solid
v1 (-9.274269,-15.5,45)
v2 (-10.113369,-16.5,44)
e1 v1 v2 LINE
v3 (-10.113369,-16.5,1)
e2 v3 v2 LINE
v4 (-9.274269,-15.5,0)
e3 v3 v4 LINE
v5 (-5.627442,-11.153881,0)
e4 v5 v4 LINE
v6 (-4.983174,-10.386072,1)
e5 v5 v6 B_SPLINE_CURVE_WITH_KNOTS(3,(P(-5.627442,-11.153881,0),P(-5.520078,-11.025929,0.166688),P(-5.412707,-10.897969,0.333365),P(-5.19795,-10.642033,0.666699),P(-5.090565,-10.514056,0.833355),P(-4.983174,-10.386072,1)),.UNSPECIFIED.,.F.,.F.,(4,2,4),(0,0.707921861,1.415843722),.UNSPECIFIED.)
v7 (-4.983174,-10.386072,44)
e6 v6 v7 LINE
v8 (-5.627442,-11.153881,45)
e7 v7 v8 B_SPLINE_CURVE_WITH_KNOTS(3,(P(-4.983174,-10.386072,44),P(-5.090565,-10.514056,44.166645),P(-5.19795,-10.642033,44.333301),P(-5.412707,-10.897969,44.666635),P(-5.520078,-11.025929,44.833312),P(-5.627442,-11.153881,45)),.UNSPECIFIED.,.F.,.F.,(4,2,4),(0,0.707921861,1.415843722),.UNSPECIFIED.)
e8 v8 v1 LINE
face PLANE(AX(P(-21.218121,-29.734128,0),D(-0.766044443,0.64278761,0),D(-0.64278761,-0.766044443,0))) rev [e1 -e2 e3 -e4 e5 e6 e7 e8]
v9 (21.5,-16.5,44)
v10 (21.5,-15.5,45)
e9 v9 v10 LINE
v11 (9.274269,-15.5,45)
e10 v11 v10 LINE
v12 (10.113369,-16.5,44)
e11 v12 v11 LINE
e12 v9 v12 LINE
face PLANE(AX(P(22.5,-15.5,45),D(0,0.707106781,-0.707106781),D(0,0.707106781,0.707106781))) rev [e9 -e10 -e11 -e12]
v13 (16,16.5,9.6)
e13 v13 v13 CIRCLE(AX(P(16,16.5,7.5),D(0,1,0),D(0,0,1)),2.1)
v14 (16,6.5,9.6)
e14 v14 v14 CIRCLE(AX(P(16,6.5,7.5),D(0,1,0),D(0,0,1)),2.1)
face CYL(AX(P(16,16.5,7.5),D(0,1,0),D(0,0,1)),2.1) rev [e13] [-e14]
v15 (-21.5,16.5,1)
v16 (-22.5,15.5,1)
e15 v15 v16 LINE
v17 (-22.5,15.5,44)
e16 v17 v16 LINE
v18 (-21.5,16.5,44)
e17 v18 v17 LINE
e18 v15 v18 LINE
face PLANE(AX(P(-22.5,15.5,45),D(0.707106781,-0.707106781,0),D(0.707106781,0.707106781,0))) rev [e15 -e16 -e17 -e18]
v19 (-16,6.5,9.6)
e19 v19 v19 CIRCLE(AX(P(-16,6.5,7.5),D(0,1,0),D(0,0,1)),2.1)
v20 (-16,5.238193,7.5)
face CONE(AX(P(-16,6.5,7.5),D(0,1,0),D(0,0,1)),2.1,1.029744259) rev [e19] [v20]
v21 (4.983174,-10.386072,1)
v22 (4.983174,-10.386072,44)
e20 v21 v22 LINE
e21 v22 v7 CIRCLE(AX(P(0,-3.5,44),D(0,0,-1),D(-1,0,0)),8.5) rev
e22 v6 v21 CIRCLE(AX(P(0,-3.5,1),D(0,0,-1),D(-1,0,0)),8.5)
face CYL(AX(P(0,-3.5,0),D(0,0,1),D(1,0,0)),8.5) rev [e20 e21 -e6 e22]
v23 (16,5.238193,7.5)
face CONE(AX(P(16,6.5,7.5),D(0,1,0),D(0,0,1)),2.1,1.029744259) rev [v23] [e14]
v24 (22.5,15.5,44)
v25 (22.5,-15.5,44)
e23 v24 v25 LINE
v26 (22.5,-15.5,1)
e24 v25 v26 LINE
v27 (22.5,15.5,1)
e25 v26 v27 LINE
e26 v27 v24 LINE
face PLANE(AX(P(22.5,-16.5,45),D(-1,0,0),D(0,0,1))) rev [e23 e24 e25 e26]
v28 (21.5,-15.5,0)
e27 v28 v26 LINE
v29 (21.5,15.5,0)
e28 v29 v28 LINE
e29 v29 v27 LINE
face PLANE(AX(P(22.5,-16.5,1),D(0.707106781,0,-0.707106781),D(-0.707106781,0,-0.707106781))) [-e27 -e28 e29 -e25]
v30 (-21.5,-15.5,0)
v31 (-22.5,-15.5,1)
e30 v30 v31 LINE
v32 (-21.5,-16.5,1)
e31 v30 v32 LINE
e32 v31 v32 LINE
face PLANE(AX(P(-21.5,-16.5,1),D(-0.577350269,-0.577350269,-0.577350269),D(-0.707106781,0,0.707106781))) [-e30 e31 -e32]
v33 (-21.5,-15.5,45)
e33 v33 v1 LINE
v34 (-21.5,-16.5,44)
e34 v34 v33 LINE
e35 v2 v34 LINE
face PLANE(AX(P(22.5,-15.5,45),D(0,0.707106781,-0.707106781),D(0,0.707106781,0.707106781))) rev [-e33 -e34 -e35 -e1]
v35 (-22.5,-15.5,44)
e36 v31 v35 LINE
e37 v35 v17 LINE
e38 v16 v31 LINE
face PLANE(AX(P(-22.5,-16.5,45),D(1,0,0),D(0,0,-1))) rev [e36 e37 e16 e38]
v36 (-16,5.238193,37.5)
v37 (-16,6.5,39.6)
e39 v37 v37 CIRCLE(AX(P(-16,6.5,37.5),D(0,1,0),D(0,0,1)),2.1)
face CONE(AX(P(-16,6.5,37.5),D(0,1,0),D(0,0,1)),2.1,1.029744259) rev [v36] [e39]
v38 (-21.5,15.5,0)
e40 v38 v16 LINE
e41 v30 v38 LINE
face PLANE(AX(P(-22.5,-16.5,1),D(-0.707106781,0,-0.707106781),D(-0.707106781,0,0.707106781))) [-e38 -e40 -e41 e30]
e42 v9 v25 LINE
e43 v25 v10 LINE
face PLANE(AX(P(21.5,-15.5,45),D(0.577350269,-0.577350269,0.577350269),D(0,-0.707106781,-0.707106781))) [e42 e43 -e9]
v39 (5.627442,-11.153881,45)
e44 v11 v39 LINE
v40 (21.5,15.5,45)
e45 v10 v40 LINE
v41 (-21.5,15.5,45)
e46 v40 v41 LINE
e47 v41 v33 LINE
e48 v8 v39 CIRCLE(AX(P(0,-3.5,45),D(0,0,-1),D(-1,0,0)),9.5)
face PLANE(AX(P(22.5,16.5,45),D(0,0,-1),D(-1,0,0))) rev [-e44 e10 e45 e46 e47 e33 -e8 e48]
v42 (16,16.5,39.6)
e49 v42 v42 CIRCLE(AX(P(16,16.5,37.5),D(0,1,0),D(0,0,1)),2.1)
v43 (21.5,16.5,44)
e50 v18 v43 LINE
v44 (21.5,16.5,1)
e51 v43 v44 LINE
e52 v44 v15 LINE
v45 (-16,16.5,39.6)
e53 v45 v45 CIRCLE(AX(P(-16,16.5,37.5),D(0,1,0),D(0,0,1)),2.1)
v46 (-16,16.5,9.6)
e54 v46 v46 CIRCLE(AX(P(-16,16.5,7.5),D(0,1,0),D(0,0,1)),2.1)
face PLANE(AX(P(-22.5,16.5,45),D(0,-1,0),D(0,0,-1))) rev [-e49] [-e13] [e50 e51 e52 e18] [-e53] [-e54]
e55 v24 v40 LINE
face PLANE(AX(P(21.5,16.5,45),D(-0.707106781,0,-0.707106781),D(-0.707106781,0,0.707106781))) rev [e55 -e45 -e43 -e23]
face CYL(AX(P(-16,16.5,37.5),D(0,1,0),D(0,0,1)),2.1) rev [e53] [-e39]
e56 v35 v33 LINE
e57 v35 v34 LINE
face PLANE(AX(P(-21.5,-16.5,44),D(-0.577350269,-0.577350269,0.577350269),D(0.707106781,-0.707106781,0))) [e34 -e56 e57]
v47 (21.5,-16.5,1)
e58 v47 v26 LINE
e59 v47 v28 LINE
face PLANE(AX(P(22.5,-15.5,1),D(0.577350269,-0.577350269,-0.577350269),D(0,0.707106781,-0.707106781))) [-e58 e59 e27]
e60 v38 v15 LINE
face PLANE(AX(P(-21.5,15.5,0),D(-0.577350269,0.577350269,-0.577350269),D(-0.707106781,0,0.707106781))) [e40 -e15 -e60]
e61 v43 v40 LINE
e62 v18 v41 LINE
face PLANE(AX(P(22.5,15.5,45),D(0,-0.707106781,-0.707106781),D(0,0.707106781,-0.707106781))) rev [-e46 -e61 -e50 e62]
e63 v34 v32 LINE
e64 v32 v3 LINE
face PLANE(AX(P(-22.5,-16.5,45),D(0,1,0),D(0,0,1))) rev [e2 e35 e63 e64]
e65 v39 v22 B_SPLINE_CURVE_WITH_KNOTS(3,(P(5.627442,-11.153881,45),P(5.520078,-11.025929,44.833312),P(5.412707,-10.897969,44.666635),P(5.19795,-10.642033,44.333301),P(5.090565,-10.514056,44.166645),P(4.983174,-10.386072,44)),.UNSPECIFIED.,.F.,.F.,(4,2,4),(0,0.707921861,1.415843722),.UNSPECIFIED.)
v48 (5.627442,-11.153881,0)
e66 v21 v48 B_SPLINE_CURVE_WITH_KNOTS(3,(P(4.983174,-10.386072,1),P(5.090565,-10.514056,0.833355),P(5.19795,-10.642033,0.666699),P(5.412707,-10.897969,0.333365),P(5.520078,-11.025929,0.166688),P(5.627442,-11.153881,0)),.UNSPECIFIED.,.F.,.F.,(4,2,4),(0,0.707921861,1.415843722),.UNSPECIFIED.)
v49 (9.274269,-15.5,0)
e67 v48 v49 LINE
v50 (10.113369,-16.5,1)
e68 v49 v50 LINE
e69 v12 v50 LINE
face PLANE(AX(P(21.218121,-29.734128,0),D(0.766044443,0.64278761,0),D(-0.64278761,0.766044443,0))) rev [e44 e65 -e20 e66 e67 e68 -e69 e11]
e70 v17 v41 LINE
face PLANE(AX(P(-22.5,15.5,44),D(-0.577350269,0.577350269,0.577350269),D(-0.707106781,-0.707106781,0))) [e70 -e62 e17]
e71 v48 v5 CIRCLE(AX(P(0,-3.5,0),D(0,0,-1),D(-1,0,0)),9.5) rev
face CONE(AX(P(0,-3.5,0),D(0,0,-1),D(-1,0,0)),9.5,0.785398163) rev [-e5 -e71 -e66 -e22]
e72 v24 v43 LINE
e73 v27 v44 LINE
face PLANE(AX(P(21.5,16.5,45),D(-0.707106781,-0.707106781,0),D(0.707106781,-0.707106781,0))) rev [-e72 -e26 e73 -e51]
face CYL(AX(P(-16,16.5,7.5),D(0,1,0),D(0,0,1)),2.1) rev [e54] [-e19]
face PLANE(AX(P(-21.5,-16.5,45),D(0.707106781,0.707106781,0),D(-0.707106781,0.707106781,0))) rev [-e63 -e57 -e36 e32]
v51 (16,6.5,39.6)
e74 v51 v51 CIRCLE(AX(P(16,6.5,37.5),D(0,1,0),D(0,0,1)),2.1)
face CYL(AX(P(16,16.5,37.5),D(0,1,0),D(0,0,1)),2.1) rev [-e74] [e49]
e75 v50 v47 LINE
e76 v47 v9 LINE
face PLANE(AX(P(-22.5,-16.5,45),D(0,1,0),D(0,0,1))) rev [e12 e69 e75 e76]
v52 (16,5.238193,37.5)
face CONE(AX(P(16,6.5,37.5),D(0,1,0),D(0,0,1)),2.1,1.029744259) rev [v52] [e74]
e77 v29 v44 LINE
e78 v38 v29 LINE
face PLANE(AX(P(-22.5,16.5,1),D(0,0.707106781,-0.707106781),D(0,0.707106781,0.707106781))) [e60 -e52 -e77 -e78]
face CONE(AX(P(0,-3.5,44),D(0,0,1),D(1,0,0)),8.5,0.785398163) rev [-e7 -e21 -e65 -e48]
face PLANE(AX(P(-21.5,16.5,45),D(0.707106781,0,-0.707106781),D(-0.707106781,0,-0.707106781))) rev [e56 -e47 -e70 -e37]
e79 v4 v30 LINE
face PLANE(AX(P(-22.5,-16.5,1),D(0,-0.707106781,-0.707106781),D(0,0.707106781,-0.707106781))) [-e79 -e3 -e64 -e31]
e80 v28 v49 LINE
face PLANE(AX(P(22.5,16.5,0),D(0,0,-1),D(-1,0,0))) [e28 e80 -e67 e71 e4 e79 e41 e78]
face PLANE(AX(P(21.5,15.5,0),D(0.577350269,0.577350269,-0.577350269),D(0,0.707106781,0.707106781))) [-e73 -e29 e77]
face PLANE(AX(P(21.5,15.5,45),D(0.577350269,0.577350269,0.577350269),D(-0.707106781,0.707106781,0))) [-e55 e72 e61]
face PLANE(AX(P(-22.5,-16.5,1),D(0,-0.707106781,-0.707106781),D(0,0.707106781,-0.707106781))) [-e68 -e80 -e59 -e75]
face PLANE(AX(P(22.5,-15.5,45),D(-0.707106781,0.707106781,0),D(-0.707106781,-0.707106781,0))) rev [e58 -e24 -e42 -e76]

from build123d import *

# Parameters (mm, degrees)
SKETCH1_W             = 45
SKETCH1_H             = 33
EXTRUDE1_DEPTH        = 45
EXTRUDE3_DEPTH        = 53.948087784
M5_TAPPED_HOLE1_D     = 4.2
M5_TAPPED_HOLE1_DEPTH = 10
M5_TAPPED_HOLE1_TIP   = 1.2618073
CHAMFER1_SIZE         = 1


with BuildPart() as part:
    # Sketch1 → Extrude1 (new body)
    with BuildSketch(Plane.XY):
        Rectangle(SKETCH1_W, SKETCH1_H)
    extrude(amount=EXTRUDE1_DEPTH)

    # Sketch2 → Extrude3 (cut, through all)
    with BuildSketch(Plane.XY.offset(45)):
        with BuildLine():
            Line((4.983173546, -10.386071552), (0, -4.447356576))
            Line((0, -4.447356576), (-4.983173546, -10.386071552))
            ThreePointArc((-4.983173546, -10.386071552), (0, -12), (4.983173546, -10.386071552))
        make_face()
        with BuildLine():
            Line((-4.983173546, -10.386071552), (0, -4.447356576))
            Line((0, -4.447356576), (4.983173546, -10.386071552))
            ThreePointArc((4.983173546, -10.386071552), (7.569906708, -7.366071964), (8.5, -3.5))
            ThreePointArc((8.5, -3.5), (-3.866071964, 4.069906708), (-4.983173546, -10.386071552))
        make_face()
        Polygon((10.113368652, -16.5), (-10.113368652, -16.5), (-13.53955506, -20.583169961), (13.53955506, -20.583169961), align=None)
        with BuildLine():
            ThreePointArc((4.983173546, -10.386071552), (0, -12), (-4.983173546, -10.386071552))
            Line((-4.983173546, -10.386071552), (-10.113368652, -16.5))
            Line((-10.113368652, -16.5), (10.113368652, -16.5))
            Line((10.113368652, -16.5), (4.983173546, -10.386071552))
        make_face()
    extrude(amount=-EXTRUDE3_DEPTH, mode=Mode.SUBTRACT)

    # M5 Tapped Hole1
    with Locations(Plane(origin=(0, 16.5, 0), x_dir=(-1, 0, 0), z_dir=(0, 1, 0))):
        with Locations((16, 7.5), (-16, 7.5), (-16, 37.5), (16, 37.5)):
            Hole(M5_TAPPED_HOLE1_D / 2, depth=M5_TAPPED_HOLE1_DEPTH)
            with Locations((0, 0, -(M5_TAPPED_HOLE1_DEPTH + M5_TAPPED_HOLE1_TIP / 2))):  # 118° drill point
                Cone(0, M5_TAPPED_HOLE1_D / 2, M5_TAPPED_HOLE1_TIP, mode=Mode.SUBTRACT)

    # Chamfer1
    chamfer1_edges = [part.edges().sort_by_distance(p)[0] for p in [
        (-22.5, 0, 45),
        (-16.306684326, -16.5, 45),
        (16.306684326, -16.5, 0),
        (16.306684326, -16.5, 45),
        (0, 5, 45),
        (0, 5, 0),
        (22.5, 0, 45),
        (-16.306684326, -16.5, 0),
        (-22.5, 0, 0),
        (0, 16.5, 0),
        (22.5, 0, 0),
        (0, 16.5, 45),
        (22.5, -16.5, 22.5),
        (-22.5, -16.5, 22.5),
        (-22.5, 16.5, 22.5),
        (22.5, 16.5, 22.5),
    ]]
    chamfer(chamfer1_edges, length=CHAMFER1_SIZE)


solid = part.part
